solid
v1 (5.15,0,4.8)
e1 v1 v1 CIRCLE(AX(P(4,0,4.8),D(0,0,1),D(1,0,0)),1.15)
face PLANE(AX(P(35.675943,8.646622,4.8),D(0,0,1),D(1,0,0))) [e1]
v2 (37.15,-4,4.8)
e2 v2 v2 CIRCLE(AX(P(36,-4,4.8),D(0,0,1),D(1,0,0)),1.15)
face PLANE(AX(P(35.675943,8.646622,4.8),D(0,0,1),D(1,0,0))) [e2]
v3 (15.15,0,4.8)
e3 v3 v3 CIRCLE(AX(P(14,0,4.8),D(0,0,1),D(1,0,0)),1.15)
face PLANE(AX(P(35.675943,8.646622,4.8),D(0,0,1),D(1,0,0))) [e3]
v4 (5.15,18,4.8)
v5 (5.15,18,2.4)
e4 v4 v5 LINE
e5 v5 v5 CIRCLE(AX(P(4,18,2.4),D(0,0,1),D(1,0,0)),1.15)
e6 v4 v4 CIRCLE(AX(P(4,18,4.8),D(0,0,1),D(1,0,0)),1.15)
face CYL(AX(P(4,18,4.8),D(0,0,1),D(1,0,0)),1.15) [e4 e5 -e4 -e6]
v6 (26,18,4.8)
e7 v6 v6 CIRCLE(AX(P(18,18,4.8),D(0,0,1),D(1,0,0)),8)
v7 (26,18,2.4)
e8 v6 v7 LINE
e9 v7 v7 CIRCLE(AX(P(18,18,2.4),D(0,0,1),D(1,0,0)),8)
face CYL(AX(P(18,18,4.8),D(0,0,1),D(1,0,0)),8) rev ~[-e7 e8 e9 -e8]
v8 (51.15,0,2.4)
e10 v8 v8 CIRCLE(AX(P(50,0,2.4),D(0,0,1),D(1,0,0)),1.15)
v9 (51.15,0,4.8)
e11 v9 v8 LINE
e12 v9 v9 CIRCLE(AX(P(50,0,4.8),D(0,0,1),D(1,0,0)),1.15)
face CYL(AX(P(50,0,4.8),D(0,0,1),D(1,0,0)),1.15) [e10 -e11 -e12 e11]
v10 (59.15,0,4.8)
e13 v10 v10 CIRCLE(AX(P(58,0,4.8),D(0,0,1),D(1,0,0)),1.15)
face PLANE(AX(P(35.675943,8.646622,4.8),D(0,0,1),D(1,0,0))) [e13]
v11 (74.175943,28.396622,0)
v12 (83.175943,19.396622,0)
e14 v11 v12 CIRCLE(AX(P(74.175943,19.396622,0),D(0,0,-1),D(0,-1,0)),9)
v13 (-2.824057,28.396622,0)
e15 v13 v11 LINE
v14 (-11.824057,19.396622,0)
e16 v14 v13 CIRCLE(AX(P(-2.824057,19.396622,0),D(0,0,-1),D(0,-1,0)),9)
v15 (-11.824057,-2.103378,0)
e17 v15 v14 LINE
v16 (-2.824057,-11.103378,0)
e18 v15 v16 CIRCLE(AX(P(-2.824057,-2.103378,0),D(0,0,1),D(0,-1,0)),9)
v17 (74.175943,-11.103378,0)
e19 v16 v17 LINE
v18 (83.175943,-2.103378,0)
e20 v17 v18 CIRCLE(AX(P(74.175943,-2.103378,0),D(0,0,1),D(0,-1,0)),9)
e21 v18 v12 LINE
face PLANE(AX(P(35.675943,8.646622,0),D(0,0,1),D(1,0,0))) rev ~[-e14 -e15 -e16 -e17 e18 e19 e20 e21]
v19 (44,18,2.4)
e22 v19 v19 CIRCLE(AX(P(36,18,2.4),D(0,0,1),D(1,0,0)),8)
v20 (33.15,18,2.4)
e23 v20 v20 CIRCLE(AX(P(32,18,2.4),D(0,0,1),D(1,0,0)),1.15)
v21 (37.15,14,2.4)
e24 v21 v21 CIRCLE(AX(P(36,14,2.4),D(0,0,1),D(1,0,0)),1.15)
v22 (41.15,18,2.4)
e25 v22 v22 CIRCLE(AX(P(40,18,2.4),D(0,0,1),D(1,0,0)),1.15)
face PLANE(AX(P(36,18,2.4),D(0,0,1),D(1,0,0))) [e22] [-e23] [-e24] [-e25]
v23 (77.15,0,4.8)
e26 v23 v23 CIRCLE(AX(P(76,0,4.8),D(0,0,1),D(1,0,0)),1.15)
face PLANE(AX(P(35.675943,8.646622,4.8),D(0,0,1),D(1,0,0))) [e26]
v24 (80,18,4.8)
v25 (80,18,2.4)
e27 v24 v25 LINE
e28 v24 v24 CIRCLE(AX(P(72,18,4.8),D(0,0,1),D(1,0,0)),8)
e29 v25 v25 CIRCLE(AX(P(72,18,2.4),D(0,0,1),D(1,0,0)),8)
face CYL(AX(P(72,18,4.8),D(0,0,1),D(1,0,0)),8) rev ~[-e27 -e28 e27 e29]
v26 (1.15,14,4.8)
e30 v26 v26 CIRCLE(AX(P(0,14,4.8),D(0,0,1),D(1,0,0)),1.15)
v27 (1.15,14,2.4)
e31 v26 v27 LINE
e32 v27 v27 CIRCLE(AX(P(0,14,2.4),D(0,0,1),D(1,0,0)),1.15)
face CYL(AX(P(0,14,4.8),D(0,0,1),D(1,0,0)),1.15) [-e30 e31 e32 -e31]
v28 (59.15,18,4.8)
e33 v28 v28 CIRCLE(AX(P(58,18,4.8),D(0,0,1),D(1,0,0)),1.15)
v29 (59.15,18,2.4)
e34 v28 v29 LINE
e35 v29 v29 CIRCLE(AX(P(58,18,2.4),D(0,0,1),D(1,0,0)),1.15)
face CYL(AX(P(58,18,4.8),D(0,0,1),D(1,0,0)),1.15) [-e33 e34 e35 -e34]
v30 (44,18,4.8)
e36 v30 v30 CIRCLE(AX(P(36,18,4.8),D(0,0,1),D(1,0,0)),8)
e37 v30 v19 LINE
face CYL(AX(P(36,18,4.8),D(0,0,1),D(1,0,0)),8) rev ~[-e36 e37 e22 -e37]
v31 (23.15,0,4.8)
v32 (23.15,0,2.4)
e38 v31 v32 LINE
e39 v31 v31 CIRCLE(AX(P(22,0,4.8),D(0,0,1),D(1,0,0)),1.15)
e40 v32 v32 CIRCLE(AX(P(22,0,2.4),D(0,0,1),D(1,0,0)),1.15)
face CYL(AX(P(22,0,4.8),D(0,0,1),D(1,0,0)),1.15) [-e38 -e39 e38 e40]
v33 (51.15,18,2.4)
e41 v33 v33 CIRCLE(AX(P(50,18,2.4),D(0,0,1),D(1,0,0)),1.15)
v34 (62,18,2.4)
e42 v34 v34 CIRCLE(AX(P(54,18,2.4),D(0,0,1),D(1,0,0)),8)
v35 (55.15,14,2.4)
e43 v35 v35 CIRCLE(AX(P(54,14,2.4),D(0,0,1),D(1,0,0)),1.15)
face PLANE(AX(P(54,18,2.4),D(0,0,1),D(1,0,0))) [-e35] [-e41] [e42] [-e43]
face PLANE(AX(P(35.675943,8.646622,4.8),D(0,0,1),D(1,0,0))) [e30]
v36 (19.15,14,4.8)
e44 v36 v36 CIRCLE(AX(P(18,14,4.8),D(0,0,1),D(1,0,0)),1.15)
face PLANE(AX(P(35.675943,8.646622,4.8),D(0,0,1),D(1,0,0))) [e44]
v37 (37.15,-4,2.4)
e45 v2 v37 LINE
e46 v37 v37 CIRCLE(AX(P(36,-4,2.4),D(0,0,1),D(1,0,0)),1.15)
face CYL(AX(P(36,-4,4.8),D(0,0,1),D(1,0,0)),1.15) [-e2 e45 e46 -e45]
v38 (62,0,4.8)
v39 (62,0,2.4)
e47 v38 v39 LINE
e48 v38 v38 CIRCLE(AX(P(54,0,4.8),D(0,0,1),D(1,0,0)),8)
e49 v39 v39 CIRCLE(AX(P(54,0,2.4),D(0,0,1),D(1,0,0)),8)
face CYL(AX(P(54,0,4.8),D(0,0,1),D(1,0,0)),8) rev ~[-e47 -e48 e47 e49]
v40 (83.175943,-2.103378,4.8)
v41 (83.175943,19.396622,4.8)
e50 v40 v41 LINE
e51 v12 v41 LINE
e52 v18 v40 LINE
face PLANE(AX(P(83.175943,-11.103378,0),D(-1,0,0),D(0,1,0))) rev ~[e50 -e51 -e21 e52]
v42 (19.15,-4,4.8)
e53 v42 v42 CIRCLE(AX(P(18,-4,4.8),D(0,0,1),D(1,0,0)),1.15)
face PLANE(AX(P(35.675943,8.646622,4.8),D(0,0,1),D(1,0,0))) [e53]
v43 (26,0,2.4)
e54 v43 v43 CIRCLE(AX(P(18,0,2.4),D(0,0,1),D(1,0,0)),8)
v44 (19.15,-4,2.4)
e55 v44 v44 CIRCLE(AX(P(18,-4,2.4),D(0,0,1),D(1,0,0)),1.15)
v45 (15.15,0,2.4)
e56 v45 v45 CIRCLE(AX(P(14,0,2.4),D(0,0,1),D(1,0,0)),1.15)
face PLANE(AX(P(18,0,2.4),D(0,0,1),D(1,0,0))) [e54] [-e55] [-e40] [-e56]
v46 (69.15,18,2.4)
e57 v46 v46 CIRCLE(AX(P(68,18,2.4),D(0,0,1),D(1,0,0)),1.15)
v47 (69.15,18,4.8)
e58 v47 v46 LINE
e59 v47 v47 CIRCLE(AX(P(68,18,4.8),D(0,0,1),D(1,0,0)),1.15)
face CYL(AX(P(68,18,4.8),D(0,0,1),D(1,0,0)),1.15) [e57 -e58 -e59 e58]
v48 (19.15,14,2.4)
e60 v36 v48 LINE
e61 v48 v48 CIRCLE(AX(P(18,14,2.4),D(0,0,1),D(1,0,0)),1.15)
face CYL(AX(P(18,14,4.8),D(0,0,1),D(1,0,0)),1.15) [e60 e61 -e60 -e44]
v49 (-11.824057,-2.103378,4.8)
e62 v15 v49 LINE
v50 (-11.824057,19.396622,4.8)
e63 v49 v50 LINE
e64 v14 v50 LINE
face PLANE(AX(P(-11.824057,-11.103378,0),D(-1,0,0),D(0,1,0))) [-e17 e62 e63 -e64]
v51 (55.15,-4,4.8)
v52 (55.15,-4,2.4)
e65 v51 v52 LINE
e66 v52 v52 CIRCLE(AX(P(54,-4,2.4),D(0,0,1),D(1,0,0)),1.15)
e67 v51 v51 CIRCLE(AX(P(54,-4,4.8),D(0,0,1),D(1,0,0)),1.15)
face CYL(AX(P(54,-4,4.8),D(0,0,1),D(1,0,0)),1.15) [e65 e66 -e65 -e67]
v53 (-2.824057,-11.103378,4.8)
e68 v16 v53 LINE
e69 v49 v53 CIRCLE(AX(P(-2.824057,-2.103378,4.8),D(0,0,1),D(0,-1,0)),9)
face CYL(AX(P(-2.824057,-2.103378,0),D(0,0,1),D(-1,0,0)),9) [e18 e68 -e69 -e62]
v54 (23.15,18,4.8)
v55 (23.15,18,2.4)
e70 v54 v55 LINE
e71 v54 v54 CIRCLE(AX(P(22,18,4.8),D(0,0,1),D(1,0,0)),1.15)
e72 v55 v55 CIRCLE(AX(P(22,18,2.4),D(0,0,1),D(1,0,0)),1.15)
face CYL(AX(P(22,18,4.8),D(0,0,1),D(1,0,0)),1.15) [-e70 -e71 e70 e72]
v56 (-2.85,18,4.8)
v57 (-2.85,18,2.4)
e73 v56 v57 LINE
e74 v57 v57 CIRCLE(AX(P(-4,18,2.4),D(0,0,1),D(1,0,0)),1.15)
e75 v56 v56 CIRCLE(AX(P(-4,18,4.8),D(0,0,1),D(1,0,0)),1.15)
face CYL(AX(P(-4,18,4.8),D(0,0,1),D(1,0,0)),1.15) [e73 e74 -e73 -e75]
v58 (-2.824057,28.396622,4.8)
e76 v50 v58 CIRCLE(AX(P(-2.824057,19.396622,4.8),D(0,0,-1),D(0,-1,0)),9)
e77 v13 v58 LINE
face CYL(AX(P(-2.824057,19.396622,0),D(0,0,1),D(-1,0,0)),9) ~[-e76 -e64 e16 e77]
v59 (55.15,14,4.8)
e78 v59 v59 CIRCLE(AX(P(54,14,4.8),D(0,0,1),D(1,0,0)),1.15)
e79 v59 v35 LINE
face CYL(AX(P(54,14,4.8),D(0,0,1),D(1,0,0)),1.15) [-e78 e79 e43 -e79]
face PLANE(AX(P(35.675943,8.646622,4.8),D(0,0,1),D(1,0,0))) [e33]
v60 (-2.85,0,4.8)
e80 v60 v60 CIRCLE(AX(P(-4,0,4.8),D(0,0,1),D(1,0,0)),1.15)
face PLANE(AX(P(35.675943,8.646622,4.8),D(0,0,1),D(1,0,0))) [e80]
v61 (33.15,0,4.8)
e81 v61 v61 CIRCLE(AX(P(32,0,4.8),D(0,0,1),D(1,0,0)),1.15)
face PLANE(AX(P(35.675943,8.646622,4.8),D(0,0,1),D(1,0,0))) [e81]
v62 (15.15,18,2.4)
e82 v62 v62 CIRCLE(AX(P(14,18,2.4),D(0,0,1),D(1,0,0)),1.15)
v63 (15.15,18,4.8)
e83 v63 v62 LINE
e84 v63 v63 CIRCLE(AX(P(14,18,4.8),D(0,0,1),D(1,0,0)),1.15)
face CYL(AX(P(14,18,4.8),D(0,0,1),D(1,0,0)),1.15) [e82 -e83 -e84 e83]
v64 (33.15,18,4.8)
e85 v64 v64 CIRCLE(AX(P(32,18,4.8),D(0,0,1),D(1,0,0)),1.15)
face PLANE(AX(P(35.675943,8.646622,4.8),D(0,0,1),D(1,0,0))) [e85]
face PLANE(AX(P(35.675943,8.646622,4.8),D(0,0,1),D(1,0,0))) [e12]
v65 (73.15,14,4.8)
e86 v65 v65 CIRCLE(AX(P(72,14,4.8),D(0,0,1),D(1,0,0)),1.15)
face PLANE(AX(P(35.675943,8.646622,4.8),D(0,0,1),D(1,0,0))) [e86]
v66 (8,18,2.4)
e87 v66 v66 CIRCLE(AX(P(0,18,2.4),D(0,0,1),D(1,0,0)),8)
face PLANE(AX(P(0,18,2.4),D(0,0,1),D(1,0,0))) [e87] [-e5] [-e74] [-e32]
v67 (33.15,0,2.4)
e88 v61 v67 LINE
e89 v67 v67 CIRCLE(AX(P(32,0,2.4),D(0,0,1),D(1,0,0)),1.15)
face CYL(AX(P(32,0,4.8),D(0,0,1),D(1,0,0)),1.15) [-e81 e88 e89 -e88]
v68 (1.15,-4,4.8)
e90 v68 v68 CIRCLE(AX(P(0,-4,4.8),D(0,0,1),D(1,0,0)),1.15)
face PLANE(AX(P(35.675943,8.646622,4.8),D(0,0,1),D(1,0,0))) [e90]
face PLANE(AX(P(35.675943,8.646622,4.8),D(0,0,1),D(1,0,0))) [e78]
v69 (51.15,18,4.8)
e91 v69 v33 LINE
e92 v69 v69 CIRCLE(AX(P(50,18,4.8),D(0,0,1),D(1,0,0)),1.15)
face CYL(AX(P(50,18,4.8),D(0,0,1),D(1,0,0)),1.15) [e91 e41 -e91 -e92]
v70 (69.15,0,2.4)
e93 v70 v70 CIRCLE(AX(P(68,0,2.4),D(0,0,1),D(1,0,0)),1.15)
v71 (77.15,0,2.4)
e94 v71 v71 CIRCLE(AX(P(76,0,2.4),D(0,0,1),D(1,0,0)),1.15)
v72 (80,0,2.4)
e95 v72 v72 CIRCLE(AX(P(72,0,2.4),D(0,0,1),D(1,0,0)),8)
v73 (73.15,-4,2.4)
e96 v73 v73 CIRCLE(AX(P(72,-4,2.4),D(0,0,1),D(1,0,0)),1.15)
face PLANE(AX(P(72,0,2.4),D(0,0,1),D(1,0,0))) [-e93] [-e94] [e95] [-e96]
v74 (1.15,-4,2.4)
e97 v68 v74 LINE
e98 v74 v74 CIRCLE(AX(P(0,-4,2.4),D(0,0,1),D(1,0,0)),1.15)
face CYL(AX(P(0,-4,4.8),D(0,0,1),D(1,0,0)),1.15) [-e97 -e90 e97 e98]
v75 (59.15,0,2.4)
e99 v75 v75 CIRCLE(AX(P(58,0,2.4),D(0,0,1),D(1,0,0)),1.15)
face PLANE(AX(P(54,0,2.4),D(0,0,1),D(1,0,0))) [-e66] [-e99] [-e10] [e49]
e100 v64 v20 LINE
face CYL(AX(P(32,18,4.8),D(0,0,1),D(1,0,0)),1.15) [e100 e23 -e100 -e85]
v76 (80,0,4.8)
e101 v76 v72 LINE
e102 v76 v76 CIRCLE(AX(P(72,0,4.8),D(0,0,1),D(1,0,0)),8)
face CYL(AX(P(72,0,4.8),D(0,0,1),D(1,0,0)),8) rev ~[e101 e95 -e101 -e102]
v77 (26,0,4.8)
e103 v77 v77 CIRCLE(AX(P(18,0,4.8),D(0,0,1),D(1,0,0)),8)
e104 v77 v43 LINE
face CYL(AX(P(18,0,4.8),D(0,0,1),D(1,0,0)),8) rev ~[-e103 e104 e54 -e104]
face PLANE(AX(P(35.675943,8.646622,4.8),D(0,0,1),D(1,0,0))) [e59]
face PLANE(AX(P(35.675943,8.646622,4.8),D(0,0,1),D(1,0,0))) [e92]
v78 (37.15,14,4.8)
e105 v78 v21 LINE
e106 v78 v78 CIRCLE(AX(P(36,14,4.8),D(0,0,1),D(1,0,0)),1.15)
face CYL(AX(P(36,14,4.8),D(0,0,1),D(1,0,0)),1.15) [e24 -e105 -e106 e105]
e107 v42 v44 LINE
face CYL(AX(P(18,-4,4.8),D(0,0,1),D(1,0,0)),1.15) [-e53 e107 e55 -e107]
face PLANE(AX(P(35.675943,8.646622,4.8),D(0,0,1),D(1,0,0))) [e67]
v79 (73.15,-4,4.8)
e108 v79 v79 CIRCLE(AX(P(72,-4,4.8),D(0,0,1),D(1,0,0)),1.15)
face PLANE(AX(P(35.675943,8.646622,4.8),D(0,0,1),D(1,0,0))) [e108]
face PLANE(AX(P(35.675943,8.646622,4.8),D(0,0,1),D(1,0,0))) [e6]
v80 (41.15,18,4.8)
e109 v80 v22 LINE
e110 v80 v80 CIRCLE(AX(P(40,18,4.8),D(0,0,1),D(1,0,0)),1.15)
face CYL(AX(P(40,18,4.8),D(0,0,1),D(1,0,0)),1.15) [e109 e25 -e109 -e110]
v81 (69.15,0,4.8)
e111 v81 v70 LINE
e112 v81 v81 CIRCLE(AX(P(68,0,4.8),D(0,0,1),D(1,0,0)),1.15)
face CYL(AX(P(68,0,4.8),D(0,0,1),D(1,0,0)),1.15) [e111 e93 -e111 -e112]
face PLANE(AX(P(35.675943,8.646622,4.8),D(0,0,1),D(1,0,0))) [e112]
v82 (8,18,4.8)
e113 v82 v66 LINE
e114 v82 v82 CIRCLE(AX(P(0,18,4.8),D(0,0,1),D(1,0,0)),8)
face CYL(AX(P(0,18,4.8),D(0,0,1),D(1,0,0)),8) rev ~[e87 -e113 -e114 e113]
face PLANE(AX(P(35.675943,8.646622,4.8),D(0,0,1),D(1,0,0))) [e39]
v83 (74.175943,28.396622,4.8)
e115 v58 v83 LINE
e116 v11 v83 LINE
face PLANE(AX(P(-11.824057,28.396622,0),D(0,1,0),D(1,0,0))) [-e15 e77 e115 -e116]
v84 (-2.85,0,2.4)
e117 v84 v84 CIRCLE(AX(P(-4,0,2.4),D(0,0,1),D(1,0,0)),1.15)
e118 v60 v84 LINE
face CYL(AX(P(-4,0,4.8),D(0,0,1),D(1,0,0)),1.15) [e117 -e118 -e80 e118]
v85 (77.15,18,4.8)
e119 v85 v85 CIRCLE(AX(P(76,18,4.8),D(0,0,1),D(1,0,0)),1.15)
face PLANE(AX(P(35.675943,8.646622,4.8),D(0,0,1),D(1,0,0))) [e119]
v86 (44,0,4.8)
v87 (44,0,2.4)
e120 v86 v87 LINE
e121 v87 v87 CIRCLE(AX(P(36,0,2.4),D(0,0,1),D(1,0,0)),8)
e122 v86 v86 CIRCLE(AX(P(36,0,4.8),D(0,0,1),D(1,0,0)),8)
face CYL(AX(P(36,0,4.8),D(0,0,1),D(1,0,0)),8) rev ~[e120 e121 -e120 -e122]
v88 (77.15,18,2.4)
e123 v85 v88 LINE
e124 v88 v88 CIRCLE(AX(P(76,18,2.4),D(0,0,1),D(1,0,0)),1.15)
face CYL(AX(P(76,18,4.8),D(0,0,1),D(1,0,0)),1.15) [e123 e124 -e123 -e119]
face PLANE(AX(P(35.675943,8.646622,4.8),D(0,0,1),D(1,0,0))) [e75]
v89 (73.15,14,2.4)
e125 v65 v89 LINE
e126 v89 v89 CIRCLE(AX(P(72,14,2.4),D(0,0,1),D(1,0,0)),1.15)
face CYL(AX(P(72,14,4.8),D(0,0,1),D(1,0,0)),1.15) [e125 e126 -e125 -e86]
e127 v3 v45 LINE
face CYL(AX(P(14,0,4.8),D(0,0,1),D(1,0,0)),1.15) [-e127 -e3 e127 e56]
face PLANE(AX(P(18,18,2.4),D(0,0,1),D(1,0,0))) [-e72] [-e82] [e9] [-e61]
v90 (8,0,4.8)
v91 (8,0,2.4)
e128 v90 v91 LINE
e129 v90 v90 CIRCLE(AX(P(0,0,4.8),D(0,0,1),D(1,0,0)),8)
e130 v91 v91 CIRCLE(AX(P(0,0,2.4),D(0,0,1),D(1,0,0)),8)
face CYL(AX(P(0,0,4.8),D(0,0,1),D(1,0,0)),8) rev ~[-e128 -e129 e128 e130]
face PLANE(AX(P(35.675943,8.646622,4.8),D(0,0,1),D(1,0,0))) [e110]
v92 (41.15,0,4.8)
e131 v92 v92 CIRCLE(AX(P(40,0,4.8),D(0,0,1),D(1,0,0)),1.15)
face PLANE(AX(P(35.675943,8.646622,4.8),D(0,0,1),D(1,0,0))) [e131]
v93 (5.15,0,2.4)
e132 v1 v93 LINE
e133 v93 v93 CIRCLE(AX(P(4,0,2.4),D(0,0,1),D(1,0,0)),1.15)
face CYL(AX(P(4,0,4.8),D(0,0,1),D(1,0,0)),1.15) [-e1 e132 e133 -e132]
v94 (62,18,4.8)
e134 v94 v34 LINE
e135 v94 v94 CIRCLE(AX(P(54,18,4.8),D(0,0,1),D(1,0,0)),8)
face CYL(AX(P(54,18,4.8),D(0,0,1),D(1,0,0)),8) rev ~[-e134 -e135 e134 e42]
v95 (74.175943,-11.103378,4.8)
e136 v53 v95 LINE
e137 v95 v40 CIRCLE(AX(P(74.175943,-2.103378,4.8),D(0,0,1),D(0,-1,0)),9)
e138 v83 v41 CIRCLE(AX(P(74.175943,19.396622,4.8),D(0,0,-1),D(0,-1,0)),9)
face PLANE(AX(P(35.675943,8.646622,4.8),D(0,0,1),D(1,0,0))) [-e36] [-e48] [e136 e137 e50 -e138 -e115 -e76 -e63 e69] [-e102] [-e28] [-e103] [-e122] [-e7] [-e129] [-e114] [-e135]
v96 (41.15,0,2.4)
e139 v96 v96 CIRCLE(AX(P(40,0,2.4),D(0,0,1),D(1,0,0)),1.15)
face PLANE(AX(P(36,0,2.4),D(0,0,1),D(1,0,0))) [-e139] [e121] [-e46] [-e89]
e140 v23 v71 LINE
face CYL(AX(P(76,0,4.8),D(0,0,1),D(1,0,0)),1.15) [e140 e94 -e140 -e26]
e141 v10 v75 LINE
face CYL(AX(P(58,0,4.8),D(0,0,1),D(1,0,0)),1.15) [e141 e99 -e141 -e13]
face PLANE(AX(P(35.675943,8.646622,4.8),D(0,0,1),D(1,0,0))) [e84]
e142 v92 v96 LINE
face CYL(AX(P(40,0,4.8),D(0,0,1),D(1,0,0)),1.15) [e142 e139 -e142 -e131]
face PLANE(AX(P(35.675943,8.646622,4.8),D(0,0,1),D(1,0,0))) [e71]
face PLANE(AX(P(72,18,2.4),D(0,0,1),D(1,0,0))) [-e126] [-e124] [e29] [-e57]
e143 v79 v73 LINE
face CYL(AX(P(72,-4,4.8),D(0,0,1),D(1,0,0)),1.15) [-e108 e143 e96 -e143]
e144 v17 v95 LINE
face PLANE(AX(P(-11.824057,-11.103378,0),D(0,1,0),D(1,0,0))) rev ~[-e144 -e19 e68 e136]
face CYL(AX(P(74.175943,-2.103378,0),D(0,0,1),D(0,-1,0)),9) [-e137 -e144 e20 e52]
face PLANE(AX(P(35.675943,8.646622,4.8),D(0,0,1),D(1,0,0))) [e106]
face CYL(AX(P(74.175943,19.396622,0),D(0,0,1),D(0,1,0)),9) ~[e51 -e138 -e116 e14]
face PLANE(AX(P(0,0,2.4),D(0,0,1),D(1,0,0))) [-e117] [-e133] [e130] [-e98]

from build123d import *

# Parameters (mm, degrees)
F0_W     = 95
F0_H     = 39.5
F1_DEPTH = 4.8
F2_R     = 8
F2_R_2   = 1.15
F3_DEPTH = 2.4
F4_R     = 9


with BuildPart() as f1:
    # F0 (on Top) → F1 (new body)
    with BuildSketch(Plane.XY):
        with Locations((35.675943, 8.646622)):
            Rectangle(F0_W, F0_H)
    extrude(amount=F1_DEPTH)

    # F2 (on face) → F3 (cut)
    with BuildSketch(Plane.XY.offset(4.8)):
        with Locations((0, 18)):
            Circle(F2_R)
        with Locations((0, 14)):
            Circle(F2_R_2, mode=Mode.SUBTRACT)
        with Locations((-4, 18)):
            Circle(F2_R_2, mode=Mode.SUBTRACT)
        with Locations((4, 18)):
            Circle(F2_R_2, mode=Mode.SUBTRACT)
        with Locations((18, 18)):
            Circle(F2_R)
        with Locations((18, 14)):
            Circle(F2_R_2, mode=Mode.SUBTRACT)
        with Locations((14, 18)):
            Circle(F2_R_2, mode=Mode.SUBTRACT)
        with Locations((22, 18)):
            Circle(F2_R_2, mode=Mode.SUBTRACT)
        with Locations((36, 18)):
            Circle(F2_R)
        with Locations((32, 18)):
            Circle(F2_R_2, mode=Mode.SUBTRACT)
        with Locations((36, 14)):
            Circle(F2_R_2, mode=Mode.SUBTRACT)
        with Locations((40, 18)):
            Circle(F2_R_2, mode=Mode.SUBTRACT)
        with Locations((54, 18)):
            Circle(F2_R)
        with Locations((54, 14)):
            Circle(F2_R_2, mode=Mode.SUBTRACT)
        with Locations((50, 18)):
            Circle(F2_R_2, mode=Mode.SUBTRACT)
        with Locations((58, 18)):
            Circle(F2_R_2, mode=Mode.SUBTRACT)
        with Locations((72, 18)):
            Circle(F2_R)
        with Locations((68, 18)):
            Circle(F2_R_2, mode=Mode.SUBTRACT)
        with Locations((72, 14)):
            Circle(F2_R_2, mode=Mode.SUBTRACT)
        with Locations((76, 18)):
            Circle(F2_R_2, mode=Mode.SUBTRACT)
        with Locations((72, 0)):
            Circle(F2_R)
        with Locations((72, -4)):
            Circle(F2_R_2, mode=Mode.SUBTRACT)
        with Locations((68, 0)):
            Circle(F2_R_2, mode=Mode.SUBTRACT)
        with Locations((76, 0)):
            Circle(F2_R_2, mode=Mode.SUBTRACT)
        with Locations((54, 0)):
            Circle(F2_R)
        with Locations((54, -4)):
            Circle(F2_R_2, mode=Mode.SUBTRACT)
        with Locations((50, 0)):
            Circle(F2_R_2, mode=Mode.SUBTRACT)
        with Locations((58, 0)):
            Circle(F2_R_2, mode=Mode.SUBTRACT)
        with Locations((36, 0)):
            Circle(F2_R)
        with Locations((32, 0)):
            Circle(F2_R_2, mode=Mode.SUBTRACT)
        with Locations((36, -4)):
            Circle(F2_R_2, mode=Mode.SUBTRACT)
        with Locations((40, 0)):
            Circle(F2_R_2, mode=Mode.SUBTRACT)
        with Locations((18, 0)):
            Circle(F2_R)
        with Locations((18, -4)):
            Circle(F2_R_2, mode=Mode.SUBTRACT)
        with Locations((14, 0)):
            Circle(F2_R_2, mode=Mode.SUBTRACT)
        with Locations((22, 0)):
            Circle(F2_R_2, mode=Mode.SUBTRACT)
        Circle(F2_R)
        with Locations((0, -4)):
            Circle(F2_R_2, mode=Mode.SUBTRACT)
        with Locations((-4, 0)):
            Circle(F2_R_2, mode=Mode.SUBTRACT)
        with Locations((4, 0)):
            Circle(F2_R_2, mode=Mode.SUBTRACT)
    extrude(amount=-F3_DEPTH, mode=Mode.SUBTRACT)

    # F4
    f4_edges = [f1.edges().sort_by_distance(p)[0] for p in [
        (-11.824057, -11.103378, 2.4),
        (-11.824057, 28.396622, 2.4),
        (83.175943, -11.103378, 2.4),
        (83.175943, 28.396622, 2.4),
    ]]
    fillet(f4_edges, radius=F4_R)


solid = f1.part
